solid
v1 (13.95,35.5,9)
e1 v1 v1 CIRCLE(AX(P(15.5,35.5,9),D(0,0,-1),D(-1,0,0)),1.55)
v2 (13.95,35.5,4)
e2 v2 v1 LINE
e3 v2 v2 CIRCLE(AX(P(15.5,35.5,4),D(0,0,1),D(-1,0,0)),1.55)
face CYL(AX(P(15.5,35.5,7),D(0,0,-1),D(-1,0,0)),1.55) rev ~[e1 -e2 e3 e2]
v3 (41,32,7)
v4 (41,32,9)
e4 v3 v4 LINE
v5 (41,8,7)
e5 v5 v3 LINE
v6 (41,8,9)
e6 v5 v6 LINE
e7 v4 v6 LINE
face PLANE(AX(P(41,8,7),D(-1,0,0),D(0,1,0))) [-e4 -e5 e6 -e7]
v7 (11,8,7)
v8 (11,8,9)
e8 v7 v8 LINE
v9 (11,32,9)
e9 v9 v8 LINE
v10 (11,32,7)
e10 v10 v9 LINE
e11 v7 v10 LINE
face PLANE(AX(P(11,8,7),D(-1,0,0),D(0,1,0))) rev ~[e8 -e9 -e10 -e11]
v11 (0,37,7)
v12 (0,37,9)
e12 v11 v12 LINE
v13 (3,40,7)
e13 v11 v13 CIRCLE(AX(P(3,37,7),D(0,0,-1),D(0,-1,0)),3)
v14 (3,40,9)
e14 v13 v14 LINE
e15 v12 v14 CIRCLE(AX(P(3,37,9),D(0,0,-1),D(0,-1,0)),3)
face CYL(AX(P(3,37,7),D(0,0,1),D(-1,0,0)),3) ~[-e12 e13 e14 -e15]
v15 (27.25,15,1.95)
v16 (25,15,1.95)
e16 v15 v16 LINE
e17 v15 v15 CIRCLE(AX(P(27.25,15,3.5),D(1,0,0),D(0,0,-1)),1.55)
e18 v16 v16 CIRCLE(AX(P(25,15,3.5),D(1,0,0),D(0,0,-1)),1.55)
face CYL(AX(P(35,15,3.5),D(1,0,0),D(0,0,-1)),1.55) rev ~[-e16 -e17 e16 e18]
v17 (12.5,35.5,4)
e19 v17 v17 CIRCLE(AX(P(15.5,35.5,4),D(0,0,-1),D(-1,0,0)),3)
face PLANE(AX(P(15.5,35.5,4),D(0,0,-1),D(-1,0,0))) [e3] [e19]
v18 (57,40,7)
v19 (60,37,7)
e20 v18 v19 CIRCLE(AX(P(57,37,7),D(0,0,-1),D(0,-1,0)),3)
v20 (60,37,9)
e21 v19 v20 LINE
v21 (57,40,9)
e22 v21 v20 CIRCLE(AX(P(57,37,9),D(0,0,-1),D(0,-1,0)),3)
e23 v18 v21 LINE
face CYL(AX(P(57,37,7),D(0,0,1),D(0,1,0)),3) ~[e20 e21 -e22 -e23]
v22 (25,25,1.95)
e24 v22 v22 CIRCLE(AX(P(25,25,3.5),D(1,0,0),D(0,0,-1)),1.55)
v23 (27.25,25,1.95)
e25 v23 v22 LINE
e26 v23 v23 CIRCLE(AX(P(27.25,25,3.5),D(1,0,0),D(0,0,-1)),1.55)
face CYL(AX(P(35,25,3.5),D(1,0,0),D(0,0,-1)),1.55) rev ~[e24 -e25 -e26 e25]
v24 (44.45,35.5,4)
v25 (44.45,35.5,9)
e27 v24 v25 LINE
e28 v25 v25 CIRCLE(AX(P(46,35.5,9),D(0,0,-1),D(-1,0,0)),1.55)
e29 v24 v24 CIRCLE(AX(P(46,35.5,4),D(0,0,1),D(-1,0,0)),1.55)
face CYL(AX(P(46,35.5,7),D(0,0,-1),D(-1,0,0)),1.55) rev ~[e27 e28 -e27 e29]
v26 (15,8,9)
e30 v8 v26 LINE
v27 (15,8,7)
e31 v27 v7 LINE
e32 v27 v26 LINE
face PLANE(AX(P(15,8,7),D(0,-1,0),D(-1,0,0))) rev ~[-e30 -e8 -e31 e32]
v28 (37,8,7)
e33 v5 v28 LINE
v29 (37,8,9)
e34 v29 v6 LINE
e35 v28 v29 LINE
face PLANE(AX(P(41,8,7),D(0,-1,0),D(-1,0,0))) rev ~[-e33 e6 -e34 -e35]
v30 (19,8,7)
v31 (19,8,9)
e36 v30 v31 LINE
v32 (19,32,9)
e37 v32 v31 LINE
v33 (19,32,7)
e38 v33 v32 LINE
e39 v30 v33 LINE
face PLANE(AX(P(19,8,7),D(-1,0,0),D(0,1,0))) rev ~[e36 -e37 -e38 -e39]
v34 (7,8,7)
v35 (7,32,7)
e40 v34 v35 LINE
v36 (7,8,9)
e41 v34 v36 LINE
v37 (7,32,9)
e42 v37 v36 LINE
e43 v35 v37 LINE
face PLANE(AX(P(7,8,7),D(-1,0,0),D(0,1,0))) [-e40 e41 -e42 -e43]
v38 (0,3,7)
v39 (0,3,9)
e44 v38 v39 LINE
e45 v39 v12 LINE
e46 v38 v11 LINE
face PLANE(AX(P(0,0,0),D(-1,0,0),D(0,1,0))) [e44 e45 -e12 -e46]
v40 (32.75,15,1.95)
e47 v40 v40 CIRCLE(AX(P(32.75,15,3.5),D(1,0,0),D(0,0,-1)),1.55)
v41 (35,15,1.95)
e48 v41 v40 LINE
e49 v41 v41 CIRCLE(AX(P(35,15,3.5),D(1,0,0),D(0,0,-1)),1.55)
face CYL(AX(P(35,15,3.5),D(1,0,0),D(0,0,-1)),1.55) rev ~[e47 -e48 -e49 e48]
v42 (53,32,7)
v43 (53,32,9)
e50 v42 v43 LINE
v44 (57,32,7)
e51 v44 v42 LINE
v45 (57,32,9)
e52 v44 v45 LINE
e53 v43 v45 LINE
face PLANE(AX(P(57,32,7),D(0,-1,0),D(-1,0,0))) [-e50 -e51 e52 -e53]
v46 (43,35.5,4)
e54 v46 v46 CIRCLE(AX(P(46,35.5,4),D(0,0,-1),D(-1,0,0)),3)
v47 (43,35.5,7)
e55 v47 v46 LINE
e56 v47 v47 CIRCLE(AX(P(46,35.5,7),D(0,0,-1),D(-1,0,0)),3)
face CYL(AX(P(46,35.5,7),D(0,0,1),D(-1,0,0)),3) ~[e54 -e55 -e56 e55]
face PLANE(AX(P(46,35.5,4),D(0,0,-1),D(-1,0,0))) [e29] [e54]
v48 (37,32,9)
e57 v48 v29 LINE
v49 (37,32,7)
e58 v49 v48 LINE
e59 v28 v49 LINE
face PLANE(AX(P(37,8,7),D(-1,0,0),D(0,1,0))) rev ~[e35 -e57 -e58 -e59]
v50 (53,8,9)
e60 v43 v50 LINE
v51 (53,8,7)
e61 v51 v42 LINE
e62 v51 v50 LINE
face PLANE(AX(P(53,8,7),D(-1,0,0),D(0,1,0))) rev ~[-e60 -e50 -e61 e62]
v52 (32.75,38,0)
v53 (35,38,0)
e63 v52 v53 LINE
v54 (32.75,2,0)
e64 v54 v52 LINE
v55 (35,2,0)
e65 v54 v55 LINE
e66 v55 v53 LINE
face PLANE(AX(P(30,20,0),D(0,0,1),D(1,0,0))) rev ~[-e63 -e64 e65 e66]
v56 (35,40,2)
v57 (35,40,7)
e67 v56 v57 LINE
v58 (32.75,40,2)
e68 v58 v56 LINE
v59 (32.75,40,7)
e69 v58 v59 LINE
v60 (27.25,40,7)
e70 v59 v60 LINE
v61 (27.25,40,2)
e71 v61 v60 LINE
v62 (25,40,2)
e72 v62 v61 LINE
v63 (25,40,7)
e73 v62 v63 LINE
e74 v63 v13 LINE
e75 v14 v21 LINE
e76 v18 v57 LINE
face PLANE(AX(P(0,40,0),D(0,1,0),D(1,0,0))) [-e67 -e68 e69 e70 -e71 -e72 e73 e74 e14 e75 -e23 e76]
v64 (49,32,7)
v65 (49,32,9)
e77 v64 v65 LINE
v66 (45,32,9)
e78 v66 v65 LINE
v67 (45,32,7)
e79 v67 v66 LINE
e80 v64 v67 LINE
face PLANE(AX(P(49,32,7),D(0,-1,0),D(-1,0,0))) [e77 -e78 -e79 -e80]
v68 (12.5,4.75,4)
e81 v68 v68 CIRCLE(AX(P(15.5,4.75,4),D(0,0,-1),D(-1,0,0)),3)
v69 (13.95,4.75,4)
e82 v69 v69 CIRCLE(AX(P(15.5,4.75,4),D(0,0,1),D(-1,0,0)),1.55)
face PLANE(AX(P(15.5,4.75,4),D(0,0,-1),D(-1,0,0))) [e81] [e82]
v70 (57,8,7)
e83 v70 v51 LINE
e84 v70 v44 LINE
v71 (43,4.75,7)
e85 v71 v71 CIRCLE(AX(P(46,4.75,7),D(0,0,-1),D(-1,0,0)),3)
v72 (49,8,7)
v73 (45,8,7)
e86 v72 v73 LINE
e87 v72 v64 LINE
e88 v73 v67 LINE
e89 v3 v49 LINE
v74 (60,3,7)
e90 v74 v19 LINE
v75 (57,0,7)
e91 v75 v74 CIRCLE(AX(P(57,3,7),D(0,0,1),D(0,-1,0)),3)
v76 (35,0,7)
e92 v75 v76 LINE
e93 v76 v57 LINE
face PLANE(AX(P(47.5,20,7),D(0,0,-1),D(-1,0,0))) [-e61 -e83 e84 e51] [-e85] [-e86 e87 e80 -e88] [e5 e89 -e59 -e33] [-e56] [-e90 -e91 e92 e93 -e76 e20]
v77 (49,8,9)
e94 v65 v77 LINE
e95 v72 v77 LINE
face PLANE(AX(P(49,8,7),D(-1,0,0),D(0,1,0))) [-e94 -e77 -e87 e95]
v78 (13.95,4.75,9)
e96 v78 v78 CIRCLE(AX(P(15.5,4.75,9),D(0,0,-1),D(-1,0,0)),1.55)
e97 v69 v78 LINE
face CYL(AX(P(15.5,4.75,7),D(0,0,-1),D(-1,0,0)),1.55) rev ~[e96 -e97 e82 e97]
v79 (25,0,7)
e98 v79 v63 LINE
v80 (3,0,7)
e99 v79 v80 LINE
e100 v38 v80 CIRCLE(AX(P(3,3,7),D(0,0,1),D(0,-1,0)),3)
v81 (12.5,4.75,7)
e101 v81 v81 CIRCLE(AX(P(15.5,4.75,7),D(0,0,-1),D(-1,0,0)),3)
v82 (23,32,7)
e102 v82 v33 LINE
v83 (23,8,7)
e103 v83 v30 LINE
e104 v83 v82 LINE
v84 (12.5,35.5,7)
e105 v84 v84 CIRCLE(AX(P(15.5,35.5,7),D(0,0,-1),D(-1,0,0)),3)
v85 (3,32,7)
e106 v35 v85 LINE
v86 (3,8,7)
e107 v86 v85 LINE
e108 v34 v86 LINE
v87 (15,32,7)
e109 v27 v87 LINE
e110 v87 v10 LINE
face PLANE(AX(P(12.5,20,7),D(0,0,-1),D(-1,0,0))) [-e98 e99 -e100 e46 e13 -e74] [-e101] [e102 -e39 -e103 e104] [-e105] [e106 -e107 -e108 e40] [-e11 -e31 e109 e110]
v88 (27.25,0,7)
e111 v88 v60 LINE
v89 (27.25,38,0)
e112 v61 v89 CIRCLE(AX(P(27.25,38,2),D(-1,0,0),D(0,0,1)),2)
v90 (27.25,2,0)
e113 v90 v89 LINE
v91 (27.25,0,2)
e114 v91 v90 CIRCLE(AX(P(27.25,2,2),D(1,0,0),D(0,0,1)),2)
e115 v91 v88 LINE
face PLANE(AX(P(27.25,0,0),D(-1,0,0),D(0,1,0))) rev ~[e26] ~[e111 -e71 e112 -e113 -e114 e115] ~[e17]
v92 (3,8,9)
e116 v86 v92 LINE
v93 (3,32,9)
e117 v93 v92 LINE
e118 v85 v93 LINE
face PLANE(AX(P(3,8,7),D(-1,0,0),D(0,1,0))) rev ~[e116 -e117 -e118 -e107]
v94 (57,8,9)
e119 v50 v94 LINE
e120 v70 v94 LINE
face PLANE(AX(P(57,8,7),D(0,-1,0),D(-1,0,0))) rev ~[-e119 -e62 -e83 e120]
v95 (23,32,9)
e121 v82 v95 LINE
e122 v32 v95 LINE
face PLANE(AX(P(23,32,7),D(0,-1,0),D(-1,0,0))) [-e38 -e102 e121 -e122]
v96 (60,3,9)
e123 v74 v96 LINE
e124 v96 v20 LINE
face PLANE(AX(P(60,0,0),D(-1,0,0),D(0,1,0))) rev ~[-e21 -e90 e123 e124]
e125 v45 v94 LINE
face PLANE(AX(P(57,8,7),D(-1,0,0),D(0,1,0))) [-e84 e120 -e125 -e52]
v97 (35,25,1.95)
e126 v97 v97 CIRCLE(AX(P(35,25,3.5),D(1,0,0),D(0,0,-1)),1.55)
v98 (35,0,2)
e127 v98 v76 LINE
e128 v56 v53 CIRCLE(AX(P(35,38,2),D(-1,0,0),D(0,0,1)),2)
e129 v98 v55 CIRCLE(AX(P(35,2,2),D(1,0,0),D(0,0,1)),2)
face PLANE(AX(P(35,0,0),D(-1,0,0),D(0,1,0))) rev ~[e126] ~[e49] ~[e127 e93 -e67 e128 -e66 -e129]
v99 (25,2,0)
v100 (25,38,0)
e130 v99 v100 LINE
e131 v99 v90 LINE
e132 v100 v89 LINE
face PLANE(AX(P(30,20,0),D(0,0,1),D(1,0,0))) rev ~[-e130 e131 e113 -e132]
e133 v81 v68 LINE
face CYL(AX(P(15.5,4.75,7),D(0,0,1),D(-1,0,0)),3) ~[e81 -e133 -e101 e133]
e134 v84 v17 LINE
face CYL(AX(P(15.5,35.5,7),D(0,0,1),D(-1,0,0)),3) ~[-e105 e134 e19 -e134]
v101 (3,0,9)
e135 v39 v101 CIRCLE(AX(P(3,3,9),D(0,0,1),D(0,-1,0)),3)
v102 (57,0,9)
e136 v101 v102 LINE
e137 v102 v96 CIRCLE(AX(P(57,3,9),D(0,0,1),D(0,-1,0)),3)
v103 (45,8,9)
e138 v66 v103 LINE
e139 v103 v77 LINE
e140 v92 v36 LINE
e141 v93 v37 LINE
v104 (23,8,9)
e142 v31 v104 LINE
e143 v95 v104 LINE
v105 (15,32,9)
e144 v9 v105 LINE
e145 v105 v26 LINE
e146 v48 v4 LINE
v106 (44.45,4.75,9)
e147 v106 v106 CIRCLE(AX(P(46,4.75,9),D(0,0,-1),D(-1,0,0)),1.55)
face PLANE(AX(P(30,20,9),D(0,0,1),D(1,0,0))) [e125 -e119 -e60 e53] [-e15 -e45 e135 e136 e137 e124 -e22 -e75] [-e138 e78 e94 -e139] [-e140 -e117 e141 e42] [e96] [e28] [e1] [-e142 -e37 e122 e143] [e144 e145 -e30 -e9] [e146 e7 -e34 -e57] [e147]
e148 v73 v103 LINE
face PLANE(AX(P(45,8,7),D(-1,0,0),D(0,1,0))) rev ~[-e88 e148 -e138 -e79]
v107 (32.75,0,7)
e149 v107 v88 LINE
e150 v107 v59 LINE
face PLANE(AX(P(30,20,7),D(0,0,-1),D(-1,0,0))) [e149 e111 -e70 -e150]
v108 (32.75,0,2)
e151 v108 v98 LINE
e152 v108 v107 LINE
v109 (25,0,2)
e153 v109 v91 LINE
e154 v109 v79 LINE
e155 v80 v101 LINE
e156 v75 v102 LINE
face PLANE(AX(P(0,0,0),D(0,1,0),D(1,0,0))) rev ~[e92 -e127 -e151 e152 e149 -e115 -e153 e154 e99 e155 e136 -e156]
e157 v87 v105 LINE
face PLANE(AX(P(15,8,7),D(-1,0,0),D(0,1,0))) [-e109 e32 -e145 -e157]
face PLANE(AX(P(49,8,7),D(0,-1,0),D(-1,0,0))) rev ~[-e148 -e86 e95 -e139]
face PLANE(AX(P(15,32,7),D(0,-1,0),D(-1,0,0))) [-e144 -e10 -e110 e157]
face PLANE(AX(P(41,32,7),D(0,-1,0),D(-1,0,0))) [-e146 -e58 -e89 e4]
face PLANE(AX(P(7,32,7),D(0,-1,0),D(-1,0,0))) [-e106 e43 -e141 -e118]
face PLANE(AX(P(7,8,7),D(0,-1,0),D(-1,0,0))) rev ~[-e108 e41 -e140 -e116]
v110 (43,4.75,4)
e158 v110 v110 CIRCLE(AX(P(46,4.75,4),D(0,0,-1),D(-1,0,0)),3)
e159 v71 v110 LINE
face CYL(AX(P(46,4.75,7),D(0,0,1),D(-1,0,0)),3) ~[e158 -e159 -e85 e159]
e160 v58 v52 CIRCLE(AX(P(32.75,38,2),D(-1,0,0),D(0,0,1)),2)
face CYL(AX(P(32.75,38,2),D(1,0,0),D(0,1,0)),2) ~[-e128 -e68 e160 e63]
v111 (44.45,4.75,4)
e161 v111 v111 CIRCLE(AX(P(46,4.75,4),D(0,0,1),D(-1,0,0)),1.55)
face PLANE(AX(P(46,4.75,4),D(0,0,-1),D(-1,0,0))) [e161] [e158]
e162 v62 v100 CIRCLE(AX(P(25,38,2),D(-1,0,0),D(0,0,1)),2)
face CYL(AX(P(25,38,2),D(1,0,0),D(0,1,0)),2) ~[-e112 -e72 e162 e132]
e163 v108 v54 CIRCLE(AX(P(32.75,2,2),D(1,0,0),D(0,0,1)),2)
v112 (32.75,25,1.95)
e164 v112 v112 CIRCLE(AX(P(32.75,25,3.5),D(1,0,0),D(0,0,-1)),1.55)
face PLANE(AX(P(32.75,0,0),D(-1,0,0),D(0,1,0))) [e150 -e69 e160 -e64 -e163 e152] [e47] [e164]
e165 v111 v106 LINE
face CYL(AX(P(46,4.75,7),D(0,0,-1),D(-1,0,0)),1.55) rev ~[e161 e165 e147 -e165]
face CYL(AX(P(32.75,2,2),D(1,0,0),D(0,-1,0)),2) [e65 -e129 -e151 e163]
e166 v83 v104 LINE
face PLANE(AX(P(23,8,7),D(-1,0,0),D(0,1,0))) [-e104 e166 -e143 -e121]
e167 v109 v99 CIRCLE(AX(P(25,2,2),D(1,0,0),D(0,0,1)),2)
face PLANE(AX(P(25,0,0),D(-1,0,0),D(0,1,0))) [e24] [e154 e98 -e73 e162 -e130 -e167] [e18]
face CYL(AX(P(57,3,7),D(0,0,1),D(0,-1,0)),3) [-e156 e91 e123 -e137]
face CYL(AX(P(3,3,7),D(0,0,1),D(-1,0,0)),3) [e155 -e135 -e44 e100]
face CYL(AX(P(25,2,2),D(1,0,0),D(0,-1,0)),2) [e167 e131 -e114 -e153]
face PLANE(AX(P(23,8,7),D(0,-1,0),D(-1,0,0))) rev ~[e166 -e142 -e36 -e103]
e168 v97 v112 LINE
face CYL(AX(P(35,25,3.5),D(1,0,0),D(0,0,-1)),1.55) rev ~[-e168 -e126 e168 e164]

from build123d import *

# Parameters (mm, degrees)
ESQUISSE1_W                  = 60
ESQUISSE1_H                  = 40
BOSS_EXTRU_1_DEPTH           = 9
ESQUISSE2_W                  = 25
ESQUISSE2_H                  = 40
ESQUISSE2_W_2                = 5.5
ENL_V_MAT_EXTRU_1_DEPTH      = 7
ESQUISSE3_R                  = 1.55
ENL_V_MAT_EXTRU_2_DEPTH      = 36
CONG_1_R                     = 3
ESQUISSE9_R                  = 3
BOSS_EXTRU_2_DEPTH           = 3
ESQUISSE5_R                  = 1.55
ENL_V_MAT_EXTRU_4_DEPTH      = 8
ENL_V_MAT_EXTRU_4_DEPTH_BACK = 3
ESQUISSE8_W                  = 4
ESQUISSE8_H                  = 24
ENL_V_MAT_EXTRU_5_DEPTH      = 7
ESQUISSE6_W                  = 4
ESQUISSE6_H                  = 24
ENL_V_MAT_EXTRU_6_DEPTH      = 7
CONG_2_R                     = 2


with BuildPart() as part:
    # Esquisse1 → Boss.-Extru.1 (new body)
    with BuildSketch(Plane.XY):
        with Locations((30, 20)):
            Rectangle(ESQUISSE1_W, ESQUISSE1_H)
    extrude(amount=BOSS_EXTRU_1_DEPTH)

    # Esquisse2 → Enlèv. mat.-Extru.1 (cut)
    with BuildSketch(Plane(origin=(0, 0, 0), x_dir=(-1, 0, 0), z_dir=(0, 0, -1))):
        with Locations((-12.5, 20)):
            Rectangle(ESQUISSE2_W, ESQUISSE2_H)
        with Locations((-47.5, 20)):
            Rectangle(ESQUISSE2_W, ESQUISSE2_H)
        with Locations((-30, 20)):
            Rectangle(ESQUISSE2_W_2, ESQUISSE2_H)
    extrude(amount=-ENL_V_MAT_EXTRU_1_DEPTH, mode=Mode.SUBTRACT)

    # Esquisse3 → Enlèv. mat.-Extru.2 (cut, through all)
    with BuildSketch(Plane(origin=(35, 0, 0), x_dir=(0, 0, -1), z_dir=(1, 0, 0))):
        with Locations((-3.5, 15)):
            Circle(ESQUISSE3_R)
        with Locations((-3.5, 25)):
            Circle(ESQUISSE3_R)
    extrude(amount=-ENL_V_MAT_EXTRU_2_DEPTH, mode=Mode.SUBTRACT)

    # Congé1
    cong_1_edges = [part.edges().sort_by_distance(p)[0] for p in [
        (0, 40, 8),
        (60, 40, 8),
        (60, 0, 8),
        (0, 0, 8),
    ]]
    fillet(cong_1_edges, radius=CONG_1_R)

    # Esquisse9 → Boss.-Extru.2 (add)
    with BuildSketch(Plane(origin=(0, 0, 7), x_dir=(-1, 0, 0), z_dir=(0, 0, -1))):
        with Locations((-46, 35.5)):
            Circle(ESQUISSE9_R)
        with Locations((-15.5, 35.5)):
            Circle(ESQUISSE9_R)
        with Locations((-15.5, 4.75)):
            Circle(ESQUISSE9_R)
        with Locations((-46, 4.75)):
            Circle(ESQUISSE9_R)
    extrude(amount=BOSS_EXTRU_2_DEPTH)

    # Esquisse5 → Enlèv. mat.-Extru.4 (cut, two sides)
    with BuildSketch(Plane(origin=(0, 0, 7), x_dir=(-1, 0, 0), z_dir=(0, 0, -1))) as enl_v_mat_extru_4_sk:
        with Locations((-46, 35.5)):
            Circle(ESQUISSE5_R)
        with Locations((-46, 4.75)):
            Circle(ESQUISSE5_R)
        with Locations((-15.5, 4.75)):
            Circle(ESQUISSE5_R)
        with Locations((-15.5, 35.5)):
            Circle(ESQUISSE5_R)
    extrude(amount=ENL_V_MAT_EXTRU_4_DEPTH, mode=Mode.SUBTRACT)
    extrude(enl_v_mat_extru_4_sk.sketch, amount=-ENL_V_MAT_EXTRU_4_DEPTH_BACK, mode=Mode.SUBTRACT)

    # Esquisse8 → Enlèv. mat.-Extru.5 (cut)
    with BuildSketch(Plane(origin=(0, 0, 7), x_dir=(-1, 0, 0), z_dir=(0, 0, -1))):
        with Locations((-13, 20)):
            Rectangle(ESQUISSE8_W, ESQUISSE8_H)
        with Locations((-5, 20)):
            Rectangle(ESQUISSE8_W, ESQUISSE8_H)
        with Locations((-21, 20)):
            Rectangle(ESQUISSE8_W, ESQUISSE8_H)
    extrude(amount=-ENL_V_MAT_EXTRU_5_DEPTH, mode=Mode.SUBTRACT)

    # Esquisse6 → Enlèv. mat.-Extru.6 (cut)
    with BuildSketch(Plane(origin=(0, 0, 7), x_dir=(-1, 0, 0), z_dir=(0, 0, -1))):
        with Locations((-47, 20)):
            Rectangle(ESQUISSE6_W, ESQUISSE6_H)
        with Locations((-55, 20)):
            Rectangle(ESQUISSE6_W, ESQUISSE6_H)
        with Locations((-39, 20)):
            Rectangle(ESQUISSE6_W, ESQUISSE6_H)
    extrude(amount=-ENL_V_MAT_EXTRU_6_DEPTH, mode=Mode.SUBTRACT)

    # Congé2
    cong_2_edges = [part.edges().sort_by_distance(p)[0] for p in [
        (33.875, 40, 0),
        (26.125, 40, 0),
        (26.125, 0, 0),
        (33.875, 0, 0),
    ]]
    fillet(cong_2_edges, radius=CONG_2_R)


solid = part.part
